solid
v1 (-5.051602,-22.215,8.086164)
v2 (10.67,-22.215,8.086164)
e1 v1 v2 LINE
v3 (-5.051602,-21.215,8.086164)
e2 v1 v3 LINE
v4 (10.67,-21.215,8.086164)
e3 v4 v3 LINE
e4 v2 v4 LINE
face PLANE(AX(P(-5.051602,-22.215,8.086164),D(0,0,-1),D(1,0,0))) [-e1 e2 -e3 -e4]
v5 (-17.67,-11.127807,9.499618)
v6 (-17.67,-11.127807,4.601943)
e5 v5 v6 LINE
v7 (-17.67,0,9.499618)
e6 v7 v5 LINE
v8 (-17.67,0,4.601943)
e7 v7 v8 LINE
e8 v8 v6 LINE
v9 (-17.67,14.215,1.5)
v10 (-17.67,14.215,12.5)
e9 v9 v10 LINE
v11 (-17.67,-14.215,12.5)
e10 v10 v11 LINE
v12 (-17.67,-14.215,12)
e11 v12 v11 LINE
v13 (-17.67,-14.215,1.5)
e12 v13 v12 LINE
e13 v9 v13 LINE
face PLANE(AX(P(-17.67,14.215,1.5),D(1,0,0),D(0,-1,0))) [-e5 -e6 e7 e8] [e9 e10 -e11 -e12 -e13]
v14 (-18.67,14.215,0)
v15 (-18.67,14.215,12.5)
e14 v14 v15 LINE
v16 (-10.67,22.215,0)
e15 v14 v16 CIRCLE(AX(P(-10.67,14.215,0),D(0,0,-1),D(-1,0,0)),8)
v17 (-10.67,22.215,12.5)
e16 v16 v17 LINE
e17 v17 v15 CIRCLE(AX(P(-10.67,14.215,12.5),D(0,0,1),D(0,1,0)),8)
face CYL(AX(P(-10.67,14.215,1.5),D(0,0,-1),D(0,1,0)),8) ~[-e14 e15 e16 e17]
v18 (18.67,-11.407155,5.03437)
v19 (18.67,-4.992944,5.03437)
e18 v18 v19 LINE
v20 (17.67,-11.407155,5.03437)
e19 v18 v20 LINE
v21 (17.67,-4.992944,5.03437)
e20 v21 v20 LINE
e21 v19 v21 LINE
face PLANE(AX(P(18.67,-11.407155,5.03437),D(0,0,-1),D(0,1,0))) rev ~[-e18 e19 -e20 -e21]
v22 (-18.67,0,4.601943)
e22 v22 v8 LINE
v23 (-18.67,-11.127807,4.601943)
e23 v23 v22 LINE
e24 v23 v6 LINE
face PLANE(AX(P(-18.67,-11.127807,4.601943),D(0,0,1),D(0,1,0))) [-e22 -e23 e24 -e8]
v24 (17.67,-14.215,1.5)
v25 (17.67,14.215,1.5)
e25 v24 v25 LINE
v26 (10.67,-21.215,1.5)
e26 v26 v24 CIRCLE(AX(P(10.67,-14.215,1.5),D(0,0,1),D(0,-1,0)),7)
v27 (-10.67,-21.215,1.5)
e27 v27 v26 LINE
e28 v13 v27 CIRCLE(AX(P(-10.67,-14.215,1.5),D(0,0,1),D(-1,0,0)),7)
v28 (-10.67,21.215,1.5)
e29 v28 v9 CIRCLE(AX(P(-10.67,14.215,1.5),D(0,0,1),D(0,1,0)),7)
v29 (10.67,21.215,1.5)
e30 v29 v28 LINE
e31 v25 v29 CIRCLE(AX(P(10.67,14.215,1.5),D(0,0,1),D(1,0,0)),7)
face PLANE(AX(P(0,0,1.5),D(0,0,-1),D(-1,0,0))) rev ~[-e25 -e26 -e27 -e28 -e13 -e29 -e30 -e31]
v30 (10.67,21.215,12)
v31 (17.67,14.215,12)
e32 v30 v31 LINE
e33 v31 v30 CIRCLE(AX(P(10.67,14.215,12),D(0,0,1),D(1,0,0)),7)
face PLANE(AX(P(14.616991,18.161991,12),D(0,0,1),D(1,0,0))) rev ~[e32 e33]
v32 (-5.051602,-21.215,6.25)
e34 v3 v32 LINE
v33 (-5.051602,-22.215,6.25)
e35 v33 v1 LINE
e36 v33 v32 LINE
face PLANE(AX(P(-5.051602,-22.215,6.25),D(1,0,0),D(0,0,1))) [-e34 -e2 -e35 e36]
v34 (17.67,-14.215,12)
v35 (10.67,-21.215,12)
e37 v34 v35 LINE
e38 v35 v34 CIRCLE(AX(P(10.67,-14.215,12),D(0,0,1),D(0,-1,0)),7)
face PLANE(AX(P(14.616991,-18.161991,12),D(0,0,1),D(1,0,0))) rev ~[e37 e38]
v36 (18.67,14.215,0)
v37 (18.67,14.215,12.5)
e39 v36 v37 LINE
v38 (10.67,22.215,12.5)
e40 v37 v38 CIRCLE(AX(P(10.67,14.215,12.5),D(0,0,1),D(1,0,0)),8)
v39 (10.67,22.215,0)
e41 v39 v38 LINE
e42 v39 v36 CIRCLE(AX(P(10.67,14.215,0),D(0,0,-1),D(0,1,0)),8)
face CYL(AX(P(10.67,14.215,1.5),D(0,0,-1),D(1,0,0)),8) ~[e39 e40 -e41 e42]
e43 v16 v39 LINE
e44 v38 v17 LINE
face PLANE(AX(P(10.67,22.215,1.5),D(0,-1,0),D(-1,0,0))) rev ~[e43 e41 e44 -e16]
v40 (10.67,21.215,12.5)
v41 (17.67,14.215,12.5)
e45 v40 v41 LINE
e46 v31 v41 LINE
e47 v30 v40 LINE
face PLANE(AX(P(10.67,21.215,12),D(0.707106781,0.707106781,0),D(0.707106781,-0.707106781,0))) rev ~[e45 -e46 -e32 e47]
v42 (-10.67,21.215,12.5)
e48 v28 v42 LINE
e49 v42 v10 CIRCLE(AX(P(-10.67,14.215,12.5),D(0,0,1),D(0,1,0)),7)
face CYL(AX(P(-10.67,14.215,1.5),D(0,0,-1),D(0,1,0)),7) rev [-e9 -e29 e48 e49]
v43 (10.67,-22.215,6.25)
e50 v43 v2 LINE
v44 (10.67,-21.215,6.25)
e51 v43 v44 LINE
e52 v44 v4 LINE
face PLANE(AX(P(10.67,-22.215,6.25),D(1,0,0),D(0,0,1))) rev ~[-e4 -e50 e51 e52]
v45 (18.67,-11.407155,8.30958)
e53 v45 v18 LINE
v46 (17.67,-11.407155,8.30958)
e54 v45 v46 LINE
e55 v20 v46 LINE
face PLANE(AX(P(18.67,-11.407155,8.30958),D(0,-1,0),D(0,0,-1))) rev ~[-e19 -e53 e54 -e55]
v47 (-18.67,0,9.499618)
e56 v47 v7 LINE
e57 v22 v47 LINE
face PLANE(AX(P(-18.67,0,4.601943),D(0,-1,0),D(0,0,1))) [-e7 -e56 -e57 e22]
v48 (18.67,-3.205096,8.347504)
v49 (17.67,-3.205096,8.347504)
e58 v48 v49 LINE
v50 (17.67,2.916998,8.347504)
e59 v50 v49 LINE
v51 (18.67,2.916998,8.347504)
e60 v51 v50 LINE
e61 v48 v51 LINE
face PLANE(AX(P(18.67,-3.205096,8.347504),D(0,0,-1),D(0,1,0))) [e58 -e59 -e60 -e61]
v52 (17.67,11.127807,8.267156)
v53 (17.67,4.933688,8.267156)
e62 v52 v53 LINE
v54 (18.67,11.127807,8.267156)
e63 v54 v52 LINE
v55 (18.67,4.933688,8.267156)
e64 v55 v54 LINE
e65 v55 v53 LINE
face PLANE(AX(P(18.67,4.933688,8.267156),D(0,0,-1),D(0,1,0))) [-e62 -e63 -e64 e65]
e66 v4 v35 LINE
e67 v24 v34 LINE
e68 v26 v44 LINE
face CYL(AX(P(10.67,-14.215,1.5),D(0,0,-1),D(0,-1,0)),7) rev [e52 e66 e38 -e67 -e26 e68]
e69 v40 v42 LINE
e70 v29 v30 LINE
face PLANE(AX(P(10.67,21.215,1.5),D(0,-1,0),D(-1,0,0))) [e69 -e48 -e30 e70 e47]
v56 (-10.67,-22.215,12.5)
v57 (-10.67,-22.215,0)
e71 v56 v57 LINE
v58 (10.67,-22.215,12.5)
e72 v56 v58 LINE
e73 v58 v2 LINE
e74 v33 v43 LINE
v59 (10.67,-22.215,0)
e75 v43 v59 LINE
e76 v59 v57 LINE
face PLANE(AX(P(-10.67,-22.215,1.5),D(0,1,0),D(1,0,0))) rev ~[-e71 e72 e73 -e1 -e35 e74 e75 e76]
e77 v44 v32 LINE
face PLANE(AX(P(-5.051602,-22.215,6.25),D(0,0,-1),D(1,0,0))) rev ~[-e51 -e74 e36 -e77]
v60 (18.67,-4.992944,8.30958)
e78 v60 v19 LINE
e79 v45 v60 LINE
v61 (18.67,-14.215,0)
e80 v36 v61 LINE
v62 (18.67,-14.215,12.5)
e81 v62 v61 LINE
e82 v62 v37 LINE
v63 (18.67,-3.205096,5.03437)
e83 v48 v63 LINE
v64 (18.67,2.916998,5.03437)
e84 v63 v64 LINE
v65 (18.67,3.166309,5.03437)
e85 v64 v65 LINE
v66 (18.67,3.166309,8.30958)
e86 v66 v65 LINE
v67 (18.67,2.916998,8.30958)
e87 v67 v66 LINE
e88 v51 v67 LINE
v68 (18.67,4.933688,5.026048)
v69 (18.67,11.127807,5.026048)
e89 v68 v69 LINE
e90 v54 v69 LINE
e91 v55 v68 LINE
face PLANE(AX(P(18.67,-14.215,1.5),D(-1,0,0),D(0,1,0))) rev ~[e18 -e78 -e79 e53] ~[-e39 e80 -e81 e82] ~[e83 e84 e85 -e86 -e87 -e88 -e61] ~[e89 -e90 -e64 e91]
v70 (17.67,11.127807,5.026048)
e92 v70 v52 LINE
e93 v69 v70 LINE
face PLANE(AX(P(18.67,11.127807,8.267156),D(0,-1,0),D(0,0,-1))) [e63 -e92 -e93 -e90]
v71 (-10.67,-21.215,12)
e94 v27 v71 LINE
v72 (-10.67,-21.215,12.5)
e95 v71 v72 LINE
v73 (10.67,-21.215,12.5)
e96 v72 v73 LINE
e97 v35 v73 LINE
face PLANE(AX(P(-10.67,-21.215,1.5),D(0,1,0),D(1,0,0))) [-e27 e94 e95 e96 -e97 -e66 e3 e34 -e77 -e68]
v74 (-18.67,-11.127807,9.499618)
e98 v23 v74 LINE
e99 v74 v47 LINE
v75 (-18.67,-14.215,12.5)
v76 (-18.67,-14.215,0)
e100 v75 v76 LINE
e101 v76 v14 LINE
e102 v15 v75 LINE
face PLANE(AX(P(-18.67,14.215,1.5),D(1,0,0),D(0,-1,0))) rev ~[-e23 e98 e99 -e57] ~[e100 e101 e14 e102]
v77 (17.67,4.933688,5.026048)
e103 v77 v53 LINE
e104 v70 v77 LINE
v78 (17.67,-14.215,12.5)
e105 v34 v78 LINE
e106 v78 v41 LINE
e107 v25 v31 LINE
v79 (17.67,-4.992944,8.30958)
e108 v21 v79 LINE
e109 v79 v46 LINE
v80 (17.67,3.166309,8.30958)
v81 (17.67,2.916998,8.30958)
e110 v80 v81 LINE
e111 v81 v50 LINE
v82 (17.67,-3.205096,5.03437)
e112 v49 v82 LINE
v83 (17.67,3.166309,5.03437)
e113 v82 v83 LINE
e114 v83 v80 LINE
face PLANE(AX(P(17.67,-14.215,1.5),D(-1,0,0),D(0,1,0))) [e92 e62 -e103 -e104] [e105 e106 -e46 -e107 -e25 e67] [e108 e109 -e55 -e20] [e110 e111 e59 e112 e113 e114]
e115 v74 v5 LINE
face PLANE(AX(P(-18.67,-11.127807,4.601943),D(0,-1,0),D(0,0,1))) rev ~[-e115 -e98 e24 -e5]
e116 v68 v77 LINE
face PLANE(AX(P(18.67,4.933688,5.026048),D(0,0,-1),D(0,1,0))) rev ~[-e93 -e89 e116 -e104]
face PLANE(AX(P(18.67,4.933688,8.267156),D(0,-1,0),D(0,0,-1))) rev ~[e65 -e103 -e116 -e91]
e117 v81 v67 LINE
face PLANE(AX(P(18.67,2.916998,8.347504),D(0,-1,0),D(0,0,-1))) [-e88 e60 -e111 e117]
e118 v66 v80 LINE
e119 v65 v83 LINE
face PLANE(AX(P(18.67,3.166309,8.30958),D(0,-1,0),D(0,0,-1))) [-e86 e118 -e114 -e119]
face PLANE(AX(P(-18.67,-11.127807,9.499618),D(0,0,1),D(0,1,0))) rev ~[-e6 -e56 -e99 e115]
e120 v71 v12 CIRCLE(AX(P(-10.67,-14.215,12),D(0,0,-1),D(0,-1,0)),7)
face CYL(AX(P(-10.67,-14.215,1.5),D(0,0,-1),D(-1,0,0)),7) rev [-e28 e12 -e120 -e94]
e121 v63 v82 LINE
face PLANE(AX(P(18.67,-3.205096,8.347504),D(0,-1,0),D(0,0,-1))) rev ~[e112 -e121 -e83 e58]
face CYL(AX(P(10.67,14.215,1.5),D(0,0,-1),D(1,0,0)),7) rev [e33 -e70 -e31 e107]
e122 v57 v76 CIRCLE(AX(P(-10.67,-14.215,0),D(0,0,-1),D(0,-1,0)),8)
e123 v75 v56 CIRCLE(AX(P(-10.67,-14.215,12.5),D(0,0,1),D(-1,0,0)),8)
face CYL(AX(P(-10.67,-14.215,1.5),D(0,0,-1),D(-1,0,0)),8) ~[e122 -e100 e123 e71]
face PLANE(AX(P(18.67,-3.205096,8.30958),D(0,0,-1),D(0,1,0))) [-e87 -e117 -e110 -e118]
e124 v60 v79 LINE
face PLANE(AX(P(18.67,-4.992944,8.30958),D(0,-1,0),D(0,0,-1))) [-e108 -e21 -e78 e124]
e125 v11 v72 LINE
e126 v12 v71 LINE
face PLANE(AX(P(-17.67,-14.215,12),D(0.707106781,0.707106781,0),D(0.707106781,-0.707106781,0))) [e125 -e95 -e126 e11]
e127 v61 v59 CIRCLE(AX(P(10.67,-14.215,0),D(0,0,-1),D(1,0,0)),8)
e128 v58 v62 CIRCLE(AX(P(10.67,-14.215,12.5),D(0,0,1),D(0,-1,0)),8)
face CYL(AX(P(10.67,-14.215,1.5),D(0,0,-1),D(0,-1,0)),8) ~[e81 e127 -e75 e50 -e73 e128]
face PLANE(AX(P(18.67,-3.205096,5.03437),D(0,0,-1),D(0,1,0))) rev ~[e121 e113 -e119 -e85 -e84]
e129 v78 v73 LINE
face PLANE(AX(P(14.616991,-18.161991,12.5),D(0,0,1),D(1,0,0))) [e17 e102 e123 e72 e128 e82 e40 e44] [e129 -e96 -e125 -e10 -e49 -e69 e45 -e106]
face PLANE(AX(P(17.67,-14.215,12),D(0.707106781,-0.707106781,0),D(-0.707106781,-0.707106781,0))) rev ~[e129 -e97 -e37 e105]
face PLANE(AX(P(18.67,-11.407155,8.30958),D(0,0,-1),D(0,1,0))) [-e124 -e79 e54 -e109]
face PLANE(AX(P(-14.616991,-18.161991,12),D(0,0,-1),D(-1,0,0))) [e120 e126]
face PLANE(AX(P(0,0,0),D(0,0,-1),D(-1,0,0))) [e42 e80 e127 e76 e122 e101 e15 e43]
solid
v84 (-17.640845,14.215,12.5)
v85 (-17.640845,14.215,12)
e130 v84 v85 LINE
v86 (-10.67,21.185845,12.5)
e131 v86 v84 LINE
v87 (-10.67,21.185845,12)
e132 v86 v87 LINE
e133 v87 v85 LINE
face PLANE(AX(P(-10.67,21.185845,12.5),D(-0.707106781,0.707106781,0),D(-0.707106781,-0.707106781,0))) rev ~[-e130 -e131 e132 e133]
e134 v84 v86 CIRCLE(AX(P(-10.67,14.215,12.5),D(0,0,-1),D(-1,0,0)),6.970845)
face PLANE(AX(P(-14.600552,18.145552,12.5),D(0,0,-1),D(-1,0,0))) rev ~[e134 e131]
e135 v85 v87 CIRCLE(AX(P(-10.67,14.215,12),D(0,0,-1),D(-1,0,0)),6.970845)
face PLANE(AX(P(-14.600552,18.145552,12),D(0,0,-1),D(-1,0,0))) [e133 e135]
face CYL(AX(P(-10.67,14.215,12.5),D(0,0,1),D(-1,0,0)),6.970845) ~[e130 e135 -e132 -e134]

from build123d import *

# Parameters (mm, degrees)
EXTRUDE_2_DEPTH      = 1.5
EXTRUDE_4_DEPTH      = 11
EXTRUDE_6_DEPTH      = 0.5
EXTRUDE_START        = -0.5
EXTRUDE_7_DEPTH      = 0.5
EXTRUDE_8_DEPTH      = 0.5
EXTRUDE_9_DEPTH      = 0.5
SKETCH_12_W          = 4.897675457
SKETCH_12_H          = 11.127806736
CUT_EXTRUDE_3_DEPTH  = 3
SKETCH_13_W          = 3.241108758
SKETCH_13_H          = 6.19411896
CUT_EXTRUDE_4_DEPTH  = 3
SKETCH_14_W          = 3.313133397
SKETCH_14_H          = 6.122094321
CUT_EXTRUDE_5_DEPTH  = 3
SKETCH_15_W          = 2.880985563
SKETCH_15_H          = 6.266143599
CUT_EXTRUDE_6_DEPTH  = 3
SKETCH_16_W          = 15.721601541
SKETCH_16_H          = 1.836163931
CUT_EXTRUDE_7_DEPTH  = 3
SKETCH_19_W          = 3.275209086
SKETCH_19_H          = 6.371405254
SKETCH_19_H_2        = 6.414210644
CUT_EXTRUDE_10_DEPTH = 3


with BuildPart() as part:
    # 草图1 → 凸台-拉伸2 (new body)
    with BuildSketch(Plane.XY):
        with BuildLine():
            Line((-10.67, 22.215), (10.67, 22.215))
            ThreePointArc((10.67, 22.215), (16.326854249, 19.871854249), (18.67, 14.215))
            Line((18.67, 14.215), (18.67, -14.215))
            ThreePointArc((18.67, -14.215), (16.326854249, -19.871854249), (10.67, -22.215))
            Line((10.67, -22.215), (-10.67, -22.215))
            ThreePointArc((-10.67, -22.215), (-16.326854249, -19.871854249), (-18.67, -14.215))
            Line((-18.67, -14.215), (-18.67, 14.215))
            ThreePointArc((-18.67, 14.215), (-16.326854249, 19.871854249), (-10.67, 22.215))
        make_face()
    extrude(amount=EXTRUDE_2_DEPTH)

    # 草图4 → 凸台-拉伸4 (add)
    with BuildSketch(Plane.XY.offset(1.5)):
        with BuildLine():
            Line((18.67, -14.215), (18.67, 14.215))
            ThreePointArc((18.67, 14.215), (16.326854249, 19.871854249), (10.67, 22.215))
            Line((10.67, 22.215), (-10.67, 22.215))
            ThreePointArc((-10.67, 22.215), (-16.326854249, 19.871854249), (-18.67, 14.215))
            Line((-18.67, 14.215), (-18.67, -14.215))
            ThreePointArc((-18.67, -14.215), (-16.326854249, -19.871854249), (-10.67, -22.215))
            Line((-10.67, -22.215), (10.67, -22.215))
            ThreePointArc((10.67, -22.215), (16.326854249, -19.871854249), (18.67, -14.215))
        make_face()
        with BuildLine():
            Line((17.67, -14.215), (17.67, 14.215))
            ThreePointArc((17.67, 14.215), (15.619747468, 19.164747468), (10.67, 21.215))
            Line((10.67, 21.215), (-10.67, 21.215))
            ThreePointArc((-10.67, 21.215), (-15.619747468, 19.164747468), (-17.67, 14.215))
            Line((-17.67, 14.215), (-17.67, -14.215))
            ThreePointArc((-17.67, -14.215), (-15.619747468, -19.164747468), (-10.67, -21.215))
            Line((-10.67, -21.215), (10.67, -21.215))
            ThreePointArc((10.67, -21.215), (15.619747468, -19.164747468), (17.67, -14.215))
        make_face(mode=Mode.SUBTRACT)
    extrude(amount=EXTRUDE_4_DEPTH)

    # 草图8 → 凸台-拉伸7 (add)
    with BuildSketch(Plane.XY.offset(12.5).offset(EXTRUDE_START)):
        with BuildLine():
            Line((-17.67, -14.215), (-10.67, -21.215))
            ThreePointArc((-10.67, -21.215), (-15.619747468, -19.164747468), (-17.67, -14.215))
        make_face()
    extrude(amount=EXTRUDE_7_DEPTH)

    # 草图9 → 凸台-拉伸8 (add)
    with BuildSketch(Plane.XY.offset(12.5).offset(EXTRUDE_START)):
        with BuildLine():
            Line((10.67, 21.215), (17.67, 14.215))
            ThreePointArc((17.67, 14.215), (15.619747468, 19.164747468), (10.67, 21.215))
        make_face()
    extrude(amount=EXTRUDE_8_DEPTH)

    # 草图10 → 凸台-拉伸9 (add)
    with BuildSketch(Plane.XY.offset(12.5).offset(EXTRUDE_START)):
        with BuildLine():
            Line((17.67, -14.215), (10.67, -21.215))
            ThreePointArc((10.67, -21.215), (15.619747468, -19.164747468), (17.67, -14.215))
        make_face()
    extrude(amount=EXTRUDE_9_DEPTH)

    # 草图12 → 切除-拉伸3 (cut)
    with BuildSketch(Plane.ZY.offset(18.67)):
        with Locations((7.050780577, -5.563903368)):
            Rectangle(SKETCH_12_W, SKETCH_12_H)
    extrude(amount=-CUT_EXTRUDE_3_DEPTH, mode=Mode.SUBTRACT)

    # 草图13 → 切除-拉伸4 (cut)
    with BuildSketch(Plane(origin=(18.67, 0, 0), x_dir=(0, 0, -1), z_dir=(1, 0, 0))):
        with Locations((-6.646601976, 8.030747256)):
            Rectangle(SKETCH_13_W, SKETCH_13_H)
    extrude(amount=-CUT_EXTRUDE_4_DEPTH, mode=Mode.SUBTRACT)

    # 草图14 → 切除-拉伸5 (cut)
    with BuildSketch(Plane(origin=(18.67, 0, 0), x_dir=(0, 0, -1), z_dir=(1, 0, 0))):
        with Locations((-6.690937152, -0.144049279)):
            Rectangle(SKETCH_14_W, SKETCH_14_H)
    extrude(amount=-CUT_EXTRUDE_5_DEPTH, mode=Mode.SUBTRACT)

    # 草图15 → 切除-拉伸6 (cut)
    with BuildSketch(Plane(origin=(18.67, 0, 0), x_dir=(0, 0, -1), z_dir=(1, 0, 0))):
        with Locations((-6.664861945, -8.210808854)):
            Rectangle(SKETCH_15_W, SKETCH_15_H)
    extrude(amount=-CUT_EXTRUDE_6_DEPTH, mode=Mode.SUBTRACT)

    # 草图16 → 切除-拉伸7 (cut)
    with BuildSketch(Plane.XZ.offset(22.215)):
        with Locations((2.809199229, 7.168081965)):
            Rectangle(SKETCH_16_W, SKETCH_16_H)
    extrude(amount=-CUT_EXTRUDE_7_DEPTH, mode=Mode.SUBTRACT)

    # 草图19 → 切除-拉伸10 (cut)
    with BuildSketch(Plane(origin=(18.67, 0, 0), x_dir=(0, 0, -1), z_dir=(1, 0, 0))):
        with Locations((-6.671974996, -0.019393812)):
            Rectangle(SKETCH_19_W, SKETCH_19_H)
        with Locations((-6.671974996, -8.200049753)):
            Rectangle(SKETCH_19_W, SKETCH_19_H_2)
    extrude(amount=-CUT_EXTRUDE_10_DEPTH, mode=Mode.SUBTRACT)


with BuildPart() as body_2:
    # 草图5 → 凸台-拉伸6 (new body)
    with BuildSketch(Plane.XY.offset(12.5)):
        with BuildLine():
            Line((-10.67, 21.185844562), (-17.640844562, 14.215))
            ThreePointArc((-17.640844562, 14.215), (-15.59913146, 19.14413146), (-10.67, 21.185844562))
        make_face()
    extrude(amount=-EXTRUDE_6_DEPTH)


solid = Compound([part.part, body_2.part])
